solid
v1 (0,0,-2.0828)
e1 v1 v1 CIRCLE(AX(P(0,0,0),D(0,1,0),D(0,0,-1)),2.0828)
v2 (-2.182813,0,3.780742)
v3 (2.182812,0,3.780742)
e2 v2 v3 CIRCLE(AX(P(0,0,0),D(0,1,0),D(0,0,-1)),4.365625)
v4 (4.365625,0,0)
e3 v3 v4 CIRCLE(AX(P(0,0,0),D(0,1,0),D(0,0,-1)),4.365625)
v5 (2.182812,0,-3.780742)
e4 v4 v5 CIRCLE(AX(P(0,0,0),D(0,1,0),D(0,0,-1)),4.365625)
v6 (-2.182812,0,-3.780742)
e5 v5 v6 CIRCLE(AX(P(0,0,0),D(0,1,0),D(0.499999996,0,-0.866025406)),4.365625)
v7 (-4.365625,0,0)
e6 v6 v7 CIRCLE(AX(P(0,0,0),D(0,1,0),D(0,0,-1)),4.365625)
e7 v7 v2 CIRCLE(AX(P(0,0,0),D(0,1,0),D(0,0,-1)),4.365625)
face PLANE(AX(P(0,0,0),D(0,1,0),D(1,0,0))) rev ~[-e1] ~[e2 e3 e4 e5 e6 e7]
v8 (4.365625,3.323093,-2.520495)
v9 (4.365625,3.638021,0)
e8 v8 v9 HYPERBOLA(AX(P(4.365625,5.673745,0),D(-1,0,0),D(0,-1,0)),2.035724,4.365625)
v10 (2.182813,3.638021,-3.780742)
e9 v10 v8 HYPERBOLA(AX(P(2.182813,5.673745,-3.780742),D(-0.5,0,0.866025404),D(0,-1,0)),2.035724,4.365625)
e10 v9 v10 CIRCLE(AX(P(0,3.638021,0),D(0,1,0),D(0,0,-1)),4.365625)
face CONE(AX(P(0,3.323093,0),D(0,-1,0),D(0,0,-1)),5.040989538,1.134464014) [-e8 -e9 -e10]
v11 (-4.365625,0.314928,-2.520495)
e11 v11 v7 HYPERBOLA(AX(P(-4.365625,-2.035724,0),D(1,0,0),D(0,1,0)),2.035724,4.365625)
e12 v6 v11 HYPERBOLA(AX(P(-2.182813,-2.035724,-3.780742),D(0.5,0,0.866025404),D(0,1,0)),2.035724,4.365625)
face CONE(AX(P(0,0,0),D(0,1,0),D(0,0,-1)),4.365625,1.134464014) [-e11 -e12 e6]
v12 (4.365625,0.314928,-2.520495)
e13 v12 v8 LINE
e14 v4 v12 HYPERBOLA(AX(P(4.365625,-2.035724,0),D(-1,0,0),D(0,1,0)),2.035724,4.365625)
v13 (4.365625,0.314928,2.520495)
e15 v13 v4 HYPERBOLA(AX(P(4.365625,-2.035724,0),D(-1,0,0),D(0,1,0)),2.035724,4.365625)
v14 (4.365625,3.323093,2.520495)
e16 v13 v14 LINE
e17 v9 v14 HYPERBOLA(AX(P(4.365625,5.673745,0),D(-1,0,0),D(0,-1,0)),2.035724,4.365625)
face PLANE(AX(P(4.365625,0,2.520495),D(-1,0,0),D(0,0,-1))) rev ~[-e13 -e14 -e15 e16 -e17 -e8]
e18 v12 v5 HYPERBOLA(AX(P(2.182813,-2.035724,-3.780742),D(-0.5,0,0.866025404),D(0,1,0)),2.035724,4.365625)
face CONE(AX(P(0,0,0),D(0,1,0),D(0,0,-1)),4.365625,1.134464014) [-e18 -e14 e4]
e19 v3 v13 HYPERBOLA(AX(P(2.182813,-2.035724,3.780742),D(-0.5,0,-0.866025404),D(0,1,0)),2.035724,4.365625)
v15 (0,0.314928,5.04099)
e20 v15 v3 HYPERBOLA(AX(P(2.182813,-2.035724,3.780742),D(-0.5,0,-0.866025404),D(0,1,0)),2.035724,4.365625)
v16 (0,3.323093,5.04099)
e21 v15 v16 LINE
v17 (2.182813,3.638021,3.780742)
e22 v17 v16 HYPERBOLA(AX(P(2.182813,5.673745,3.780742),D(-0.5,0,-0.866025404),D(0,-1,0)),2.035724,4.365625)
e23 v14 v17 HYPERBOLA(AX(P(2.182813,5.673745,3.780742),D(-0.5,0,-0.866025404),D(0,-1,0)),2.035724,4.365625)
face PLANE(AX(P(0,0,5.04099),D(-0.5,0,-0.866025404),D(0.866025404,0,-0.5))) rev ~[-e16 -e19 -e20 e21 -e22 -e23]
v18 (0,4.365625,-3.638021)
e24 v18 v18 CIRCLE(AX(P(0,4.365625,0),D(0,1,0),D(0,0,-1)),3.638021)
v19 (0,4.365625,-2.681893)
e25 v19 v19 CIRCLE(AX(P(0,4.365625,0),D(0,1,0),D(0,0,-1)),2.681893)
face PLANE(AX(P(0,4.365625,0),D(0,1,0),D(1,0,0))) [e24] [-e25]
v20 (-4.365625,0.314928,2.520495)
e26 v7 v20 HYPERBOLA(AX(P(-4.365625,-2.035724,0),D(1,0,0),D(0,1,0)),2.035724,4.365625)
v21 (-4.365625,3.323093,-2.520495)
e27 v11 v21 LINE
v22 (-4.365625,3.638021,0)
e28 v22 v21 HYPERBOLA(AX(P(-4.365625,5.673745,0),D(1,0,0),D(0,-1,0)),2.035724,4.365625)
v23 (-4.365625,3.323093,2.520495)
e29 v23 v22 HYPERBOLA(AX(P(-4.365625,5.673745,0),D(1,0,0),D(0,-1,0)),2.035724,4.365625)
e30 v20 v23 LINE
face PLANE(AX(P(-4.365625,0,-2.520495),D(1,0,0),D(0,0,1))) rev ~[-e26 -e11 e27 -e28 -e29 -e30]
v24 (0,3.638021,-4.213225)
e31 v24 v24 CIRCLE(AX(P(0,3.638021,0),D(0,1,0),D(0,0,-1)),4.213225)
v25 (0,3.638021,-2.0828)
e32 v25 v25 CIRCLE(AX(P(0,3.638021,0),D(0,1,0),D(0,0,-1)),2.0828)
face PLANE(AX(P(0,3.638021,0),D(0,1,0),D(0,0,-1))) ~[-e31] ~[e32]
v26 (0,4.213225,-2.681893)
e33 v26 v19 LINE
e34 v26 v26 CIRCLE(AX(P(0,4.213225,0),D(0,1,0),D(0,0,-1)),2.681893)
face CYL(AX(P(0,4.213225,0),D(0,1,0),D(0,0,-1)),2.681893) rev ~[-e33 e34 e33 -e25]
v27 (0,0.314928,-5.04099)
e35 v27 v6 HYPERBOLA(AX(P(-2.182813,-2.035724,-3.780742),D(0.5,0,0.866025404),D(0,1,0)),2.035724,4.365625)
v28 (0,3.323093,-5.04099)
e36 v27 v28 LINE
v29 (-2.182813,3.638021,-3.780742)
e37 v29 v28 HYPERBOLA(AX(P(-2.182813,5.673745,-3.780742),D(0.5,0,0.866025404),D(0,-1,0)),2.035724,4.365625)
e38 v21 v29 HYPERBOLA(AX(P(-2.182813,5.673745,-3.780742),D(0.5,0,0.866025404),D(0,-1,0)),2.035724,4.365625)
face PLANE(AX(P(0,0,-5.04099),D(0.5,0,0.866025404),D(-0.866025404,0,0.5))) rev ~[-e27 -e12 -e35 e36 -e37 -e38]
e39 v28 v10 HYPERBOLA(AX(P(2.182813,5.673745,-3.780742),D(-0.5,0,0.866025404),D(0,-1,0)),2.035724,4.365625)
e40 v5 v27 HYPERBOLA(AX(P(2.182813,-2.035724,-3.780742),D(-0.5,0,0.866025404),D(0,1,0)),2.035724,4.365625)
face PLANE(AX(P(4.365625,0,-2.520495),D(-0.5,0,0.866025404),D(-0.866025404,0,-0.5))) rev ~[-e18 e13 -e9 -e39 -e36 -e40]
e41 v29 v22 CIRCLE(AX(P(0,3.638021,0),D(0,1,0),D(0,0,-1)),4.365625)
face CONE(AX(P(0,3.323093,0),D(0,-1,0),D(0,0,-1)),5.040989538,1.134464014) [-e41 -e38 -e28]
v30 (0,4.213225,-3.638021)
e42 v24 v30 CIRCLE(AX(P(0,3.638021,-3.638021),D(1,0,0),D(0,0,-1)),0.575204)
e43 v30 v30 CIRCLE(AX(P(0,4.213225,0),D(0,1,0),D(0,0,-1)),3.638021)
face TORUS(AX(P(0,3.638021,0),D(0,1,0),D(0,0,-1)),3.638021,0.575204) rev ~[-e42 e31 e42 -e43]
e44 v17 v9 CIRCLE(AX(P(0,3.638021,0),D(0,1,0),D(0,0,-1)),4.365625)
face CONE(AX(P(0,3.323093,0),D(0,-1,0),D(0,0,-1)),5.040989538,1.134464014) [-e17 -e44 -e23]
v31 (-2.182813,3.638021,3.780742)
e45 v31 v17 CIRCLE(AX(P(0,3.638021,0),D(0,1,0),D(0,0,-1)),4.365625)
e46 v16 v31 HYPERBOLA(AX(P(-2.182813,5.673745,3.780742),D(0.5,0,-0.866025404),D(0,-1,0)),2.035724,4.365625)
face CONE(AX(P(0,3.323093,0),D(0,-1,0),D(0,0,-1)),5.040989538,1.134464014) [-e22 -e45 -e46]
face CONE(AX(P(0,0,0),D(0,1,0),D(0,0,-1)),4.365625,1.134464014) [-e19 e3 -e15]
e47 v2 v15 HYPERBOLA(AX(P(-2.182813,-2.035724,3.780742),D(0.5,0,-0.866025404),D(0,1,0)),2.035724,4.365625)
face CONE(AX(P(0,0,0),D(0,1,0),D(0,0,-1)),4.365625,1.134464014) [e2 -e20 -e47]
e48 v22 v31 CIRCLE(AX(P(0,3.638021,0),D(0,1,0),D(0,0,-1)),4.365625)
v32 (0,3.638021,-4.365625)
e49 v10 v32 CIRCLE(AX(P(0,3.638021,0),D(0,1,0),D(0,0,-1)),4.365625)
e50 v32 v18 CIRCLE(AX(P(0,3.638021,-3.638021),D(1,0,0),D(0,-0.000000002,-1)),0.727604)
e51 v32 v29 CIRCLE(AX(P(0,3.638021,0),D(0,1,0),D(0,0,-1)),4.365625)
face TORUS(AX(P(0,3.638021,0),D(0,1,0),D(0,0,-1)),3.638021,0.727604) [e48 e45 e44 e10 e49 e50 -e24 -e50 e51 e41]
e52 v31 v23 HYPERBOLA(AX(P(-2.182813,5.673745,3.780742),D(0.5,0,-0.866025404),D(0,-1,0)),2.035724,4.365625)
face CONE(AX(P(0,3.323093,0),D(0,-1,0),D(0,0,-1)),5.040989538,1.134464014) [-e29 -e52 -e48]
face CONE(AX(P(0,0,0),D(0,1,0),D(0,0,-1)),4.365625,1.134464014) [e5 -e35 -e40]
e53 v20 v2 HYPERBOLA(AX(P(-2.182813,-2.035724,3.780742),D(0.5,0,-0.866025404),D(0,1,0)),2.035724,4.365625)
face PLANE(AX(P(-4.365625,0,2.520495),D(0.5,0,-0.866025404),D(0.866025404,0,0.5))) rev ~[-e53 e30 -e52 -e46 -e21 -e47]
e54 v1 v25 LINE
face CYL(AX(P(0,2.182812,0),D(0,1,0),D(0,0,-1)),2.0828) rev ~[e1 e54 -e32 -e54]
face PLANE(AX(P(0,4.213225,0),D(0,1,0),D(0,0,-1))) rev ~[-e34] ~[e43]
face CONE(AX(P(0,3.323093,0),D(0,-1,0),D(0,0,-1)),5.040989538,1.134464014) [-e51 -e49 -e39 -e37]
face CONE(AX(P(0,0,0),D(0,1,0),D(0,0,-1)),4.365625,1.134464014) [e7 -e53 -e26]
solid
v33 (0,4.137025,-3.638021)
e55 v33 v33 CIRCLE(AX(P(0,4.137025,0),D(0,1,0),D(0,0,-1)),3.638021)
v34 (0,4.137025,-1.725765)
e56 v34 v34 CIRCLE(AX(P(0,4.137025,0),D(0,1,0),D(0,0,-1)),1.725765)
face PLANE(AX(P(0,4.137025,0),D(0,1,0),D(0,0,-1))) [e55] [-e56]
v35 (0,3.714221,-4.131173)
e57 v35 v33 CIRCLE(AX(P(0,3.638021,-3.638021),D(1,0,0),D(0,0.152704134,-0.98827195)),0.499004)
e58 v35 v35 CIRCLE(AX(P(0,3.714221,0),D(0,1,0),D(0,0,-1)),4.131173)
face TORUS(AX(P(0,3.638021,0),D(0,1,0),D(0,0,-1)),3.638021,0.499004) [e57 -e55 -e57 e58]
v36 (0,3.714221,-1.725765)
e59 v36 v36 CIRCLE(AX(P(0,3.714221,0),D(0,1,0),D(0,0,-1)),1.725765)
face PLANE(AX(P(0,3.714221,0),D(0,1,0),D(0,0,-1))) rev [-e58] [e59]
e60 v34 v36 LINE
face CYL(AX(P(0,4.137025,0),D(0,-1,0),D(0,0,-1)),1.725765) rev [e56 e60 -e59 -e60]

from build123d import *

# Parameters (mm, degrees)
EXTRUDE1_DEPTH = 4.365625
SKETCH2_W      = 2.0828
SKETCH2_H      = 4.365625


with BuildPart() as part:
    # Sketch1 → Extrude1 (new body)
    with BuildSketch(Plane(origin=(0, 0, 0), x_dir=(1, 0, 0), z_dir=(0, 1, 0))):
        Polygon((0, 5.040989538), (-4.365625, 2.520494769), (-4.365625, -2.520494769), (0, -5.040989538), (4.365625, -2.520494769), (4.365625, 2.520494769), align=None)
    extrude(amount=EXTRUDE1_DEPTH)


with BuildPart() as body_2:
    # Sketch2 → Revolve1 (revolve)
    with BuildSketch(Plane(origin=(0, 0, 0), x_dir=(0, 0, -1), z_dir=(1, 0, 0))):
        with Locations((1.0414, 2.1828125)):
            Rectangle(SKETCH2_W, SKETCH2_H)
    revolve(axis=Axis((0, -2.0828, 0), (0, 1, 0)))


with BuildPart() as part_1:
    add(part.part)

    # Combine1: cut body 2
    add(body_2.part, mode=Mode.SUBTRACT)

    # Sketch5 → Cut-Revolve3 (revolve, cut)
    with BuildSketch(Plane(origin=(0, 0, 0), x_dir=(0, 0, -1), z_dir=(1, 0, 0))):
        with BuildLine():
            Line((0, 0), (4.365625, 0))
            Line((4.365625, 0), (5.040989538, 0.314927656))
            Line((5.040989538, 0.314927656), (5.040989538, 3.323093177))
            Line((5.040989538, 3.323093177), (4.365625, 3.638020833))
            ThreePointArc((4.365625, 3.638020833), (4.152514674, 4.152514674), (3.638020833, 4.365625))
            Line((3.638020833, 4.365625), (3.638020833, 5.635625))
            Line((3.638020833, 5.635625), (6.310989538, 5.635625))
            Line((6.310989538, 5.635625), (6.310989538, -1.27))
            Line((6.310989538, -1.27), (0, -1.27))
            Line((0, -1.27), (0, 0))
        make_face()
    revolve(axis=Axis((0, 0, 0), (0, 1, 0)), mode=Mode.SUBTRACT)

    # Sketch6 → Cut-Revolve4 (revolve, cut)
    with BuildSketch(Plane(origin=(0, 0, 0), x_dir=(0, 0, -1), z_dir=(1, 0, 0))):
        with BuildLine():
            Line((0, 3.638020833), (4.213225, 3.638020833))
            ThreePointArc((4.213225, 3.638020833), (4.0447516, 4.0447516), (3.638020833, 4.213225))
            Line((3.638020833, 4.213225), (2.681893026, 4.213225))
            Line((2.681893026, 4.213225), (2.681893026, 5.635625))
            Line((2.681893026, 5.635625), (0, 5.635625))
            Line((0, 5.635625), (0, 3.638020833))
        make_face()
    revolve(axis=Axis((0, 5.635625, 0), (0, 1, 0)), mode=Mode.SUBTRACT)


with BuildPart() as body_2_2:
    # Sketch7 → Revolve2 (revolve)
    with BuildSketch(Plane(origin=(0, 0, 0), x_dir=(0, 0, -1), z_dir=(1, 0, 0))):
        with BuildLine():
            Line((1.725765218, 3.714220833), (4.131172654, 3.714220833))
            ThreePointArc((4.131172654, 3.714220833), (3.962813876, 4.016854092), (3.638020833, 4.137025))
            Line((3.638020833, 4.137025), (1.725765218, 4.137025))
            Line((1.725765218, 4.137025), (1.725765218, 3.714220833))
        make_face()
    revolve(axis=Axis((0, 3.714220833, 0), (0, 1, 0)))


solid = Compound([part_1.part, body_2_2.part])
